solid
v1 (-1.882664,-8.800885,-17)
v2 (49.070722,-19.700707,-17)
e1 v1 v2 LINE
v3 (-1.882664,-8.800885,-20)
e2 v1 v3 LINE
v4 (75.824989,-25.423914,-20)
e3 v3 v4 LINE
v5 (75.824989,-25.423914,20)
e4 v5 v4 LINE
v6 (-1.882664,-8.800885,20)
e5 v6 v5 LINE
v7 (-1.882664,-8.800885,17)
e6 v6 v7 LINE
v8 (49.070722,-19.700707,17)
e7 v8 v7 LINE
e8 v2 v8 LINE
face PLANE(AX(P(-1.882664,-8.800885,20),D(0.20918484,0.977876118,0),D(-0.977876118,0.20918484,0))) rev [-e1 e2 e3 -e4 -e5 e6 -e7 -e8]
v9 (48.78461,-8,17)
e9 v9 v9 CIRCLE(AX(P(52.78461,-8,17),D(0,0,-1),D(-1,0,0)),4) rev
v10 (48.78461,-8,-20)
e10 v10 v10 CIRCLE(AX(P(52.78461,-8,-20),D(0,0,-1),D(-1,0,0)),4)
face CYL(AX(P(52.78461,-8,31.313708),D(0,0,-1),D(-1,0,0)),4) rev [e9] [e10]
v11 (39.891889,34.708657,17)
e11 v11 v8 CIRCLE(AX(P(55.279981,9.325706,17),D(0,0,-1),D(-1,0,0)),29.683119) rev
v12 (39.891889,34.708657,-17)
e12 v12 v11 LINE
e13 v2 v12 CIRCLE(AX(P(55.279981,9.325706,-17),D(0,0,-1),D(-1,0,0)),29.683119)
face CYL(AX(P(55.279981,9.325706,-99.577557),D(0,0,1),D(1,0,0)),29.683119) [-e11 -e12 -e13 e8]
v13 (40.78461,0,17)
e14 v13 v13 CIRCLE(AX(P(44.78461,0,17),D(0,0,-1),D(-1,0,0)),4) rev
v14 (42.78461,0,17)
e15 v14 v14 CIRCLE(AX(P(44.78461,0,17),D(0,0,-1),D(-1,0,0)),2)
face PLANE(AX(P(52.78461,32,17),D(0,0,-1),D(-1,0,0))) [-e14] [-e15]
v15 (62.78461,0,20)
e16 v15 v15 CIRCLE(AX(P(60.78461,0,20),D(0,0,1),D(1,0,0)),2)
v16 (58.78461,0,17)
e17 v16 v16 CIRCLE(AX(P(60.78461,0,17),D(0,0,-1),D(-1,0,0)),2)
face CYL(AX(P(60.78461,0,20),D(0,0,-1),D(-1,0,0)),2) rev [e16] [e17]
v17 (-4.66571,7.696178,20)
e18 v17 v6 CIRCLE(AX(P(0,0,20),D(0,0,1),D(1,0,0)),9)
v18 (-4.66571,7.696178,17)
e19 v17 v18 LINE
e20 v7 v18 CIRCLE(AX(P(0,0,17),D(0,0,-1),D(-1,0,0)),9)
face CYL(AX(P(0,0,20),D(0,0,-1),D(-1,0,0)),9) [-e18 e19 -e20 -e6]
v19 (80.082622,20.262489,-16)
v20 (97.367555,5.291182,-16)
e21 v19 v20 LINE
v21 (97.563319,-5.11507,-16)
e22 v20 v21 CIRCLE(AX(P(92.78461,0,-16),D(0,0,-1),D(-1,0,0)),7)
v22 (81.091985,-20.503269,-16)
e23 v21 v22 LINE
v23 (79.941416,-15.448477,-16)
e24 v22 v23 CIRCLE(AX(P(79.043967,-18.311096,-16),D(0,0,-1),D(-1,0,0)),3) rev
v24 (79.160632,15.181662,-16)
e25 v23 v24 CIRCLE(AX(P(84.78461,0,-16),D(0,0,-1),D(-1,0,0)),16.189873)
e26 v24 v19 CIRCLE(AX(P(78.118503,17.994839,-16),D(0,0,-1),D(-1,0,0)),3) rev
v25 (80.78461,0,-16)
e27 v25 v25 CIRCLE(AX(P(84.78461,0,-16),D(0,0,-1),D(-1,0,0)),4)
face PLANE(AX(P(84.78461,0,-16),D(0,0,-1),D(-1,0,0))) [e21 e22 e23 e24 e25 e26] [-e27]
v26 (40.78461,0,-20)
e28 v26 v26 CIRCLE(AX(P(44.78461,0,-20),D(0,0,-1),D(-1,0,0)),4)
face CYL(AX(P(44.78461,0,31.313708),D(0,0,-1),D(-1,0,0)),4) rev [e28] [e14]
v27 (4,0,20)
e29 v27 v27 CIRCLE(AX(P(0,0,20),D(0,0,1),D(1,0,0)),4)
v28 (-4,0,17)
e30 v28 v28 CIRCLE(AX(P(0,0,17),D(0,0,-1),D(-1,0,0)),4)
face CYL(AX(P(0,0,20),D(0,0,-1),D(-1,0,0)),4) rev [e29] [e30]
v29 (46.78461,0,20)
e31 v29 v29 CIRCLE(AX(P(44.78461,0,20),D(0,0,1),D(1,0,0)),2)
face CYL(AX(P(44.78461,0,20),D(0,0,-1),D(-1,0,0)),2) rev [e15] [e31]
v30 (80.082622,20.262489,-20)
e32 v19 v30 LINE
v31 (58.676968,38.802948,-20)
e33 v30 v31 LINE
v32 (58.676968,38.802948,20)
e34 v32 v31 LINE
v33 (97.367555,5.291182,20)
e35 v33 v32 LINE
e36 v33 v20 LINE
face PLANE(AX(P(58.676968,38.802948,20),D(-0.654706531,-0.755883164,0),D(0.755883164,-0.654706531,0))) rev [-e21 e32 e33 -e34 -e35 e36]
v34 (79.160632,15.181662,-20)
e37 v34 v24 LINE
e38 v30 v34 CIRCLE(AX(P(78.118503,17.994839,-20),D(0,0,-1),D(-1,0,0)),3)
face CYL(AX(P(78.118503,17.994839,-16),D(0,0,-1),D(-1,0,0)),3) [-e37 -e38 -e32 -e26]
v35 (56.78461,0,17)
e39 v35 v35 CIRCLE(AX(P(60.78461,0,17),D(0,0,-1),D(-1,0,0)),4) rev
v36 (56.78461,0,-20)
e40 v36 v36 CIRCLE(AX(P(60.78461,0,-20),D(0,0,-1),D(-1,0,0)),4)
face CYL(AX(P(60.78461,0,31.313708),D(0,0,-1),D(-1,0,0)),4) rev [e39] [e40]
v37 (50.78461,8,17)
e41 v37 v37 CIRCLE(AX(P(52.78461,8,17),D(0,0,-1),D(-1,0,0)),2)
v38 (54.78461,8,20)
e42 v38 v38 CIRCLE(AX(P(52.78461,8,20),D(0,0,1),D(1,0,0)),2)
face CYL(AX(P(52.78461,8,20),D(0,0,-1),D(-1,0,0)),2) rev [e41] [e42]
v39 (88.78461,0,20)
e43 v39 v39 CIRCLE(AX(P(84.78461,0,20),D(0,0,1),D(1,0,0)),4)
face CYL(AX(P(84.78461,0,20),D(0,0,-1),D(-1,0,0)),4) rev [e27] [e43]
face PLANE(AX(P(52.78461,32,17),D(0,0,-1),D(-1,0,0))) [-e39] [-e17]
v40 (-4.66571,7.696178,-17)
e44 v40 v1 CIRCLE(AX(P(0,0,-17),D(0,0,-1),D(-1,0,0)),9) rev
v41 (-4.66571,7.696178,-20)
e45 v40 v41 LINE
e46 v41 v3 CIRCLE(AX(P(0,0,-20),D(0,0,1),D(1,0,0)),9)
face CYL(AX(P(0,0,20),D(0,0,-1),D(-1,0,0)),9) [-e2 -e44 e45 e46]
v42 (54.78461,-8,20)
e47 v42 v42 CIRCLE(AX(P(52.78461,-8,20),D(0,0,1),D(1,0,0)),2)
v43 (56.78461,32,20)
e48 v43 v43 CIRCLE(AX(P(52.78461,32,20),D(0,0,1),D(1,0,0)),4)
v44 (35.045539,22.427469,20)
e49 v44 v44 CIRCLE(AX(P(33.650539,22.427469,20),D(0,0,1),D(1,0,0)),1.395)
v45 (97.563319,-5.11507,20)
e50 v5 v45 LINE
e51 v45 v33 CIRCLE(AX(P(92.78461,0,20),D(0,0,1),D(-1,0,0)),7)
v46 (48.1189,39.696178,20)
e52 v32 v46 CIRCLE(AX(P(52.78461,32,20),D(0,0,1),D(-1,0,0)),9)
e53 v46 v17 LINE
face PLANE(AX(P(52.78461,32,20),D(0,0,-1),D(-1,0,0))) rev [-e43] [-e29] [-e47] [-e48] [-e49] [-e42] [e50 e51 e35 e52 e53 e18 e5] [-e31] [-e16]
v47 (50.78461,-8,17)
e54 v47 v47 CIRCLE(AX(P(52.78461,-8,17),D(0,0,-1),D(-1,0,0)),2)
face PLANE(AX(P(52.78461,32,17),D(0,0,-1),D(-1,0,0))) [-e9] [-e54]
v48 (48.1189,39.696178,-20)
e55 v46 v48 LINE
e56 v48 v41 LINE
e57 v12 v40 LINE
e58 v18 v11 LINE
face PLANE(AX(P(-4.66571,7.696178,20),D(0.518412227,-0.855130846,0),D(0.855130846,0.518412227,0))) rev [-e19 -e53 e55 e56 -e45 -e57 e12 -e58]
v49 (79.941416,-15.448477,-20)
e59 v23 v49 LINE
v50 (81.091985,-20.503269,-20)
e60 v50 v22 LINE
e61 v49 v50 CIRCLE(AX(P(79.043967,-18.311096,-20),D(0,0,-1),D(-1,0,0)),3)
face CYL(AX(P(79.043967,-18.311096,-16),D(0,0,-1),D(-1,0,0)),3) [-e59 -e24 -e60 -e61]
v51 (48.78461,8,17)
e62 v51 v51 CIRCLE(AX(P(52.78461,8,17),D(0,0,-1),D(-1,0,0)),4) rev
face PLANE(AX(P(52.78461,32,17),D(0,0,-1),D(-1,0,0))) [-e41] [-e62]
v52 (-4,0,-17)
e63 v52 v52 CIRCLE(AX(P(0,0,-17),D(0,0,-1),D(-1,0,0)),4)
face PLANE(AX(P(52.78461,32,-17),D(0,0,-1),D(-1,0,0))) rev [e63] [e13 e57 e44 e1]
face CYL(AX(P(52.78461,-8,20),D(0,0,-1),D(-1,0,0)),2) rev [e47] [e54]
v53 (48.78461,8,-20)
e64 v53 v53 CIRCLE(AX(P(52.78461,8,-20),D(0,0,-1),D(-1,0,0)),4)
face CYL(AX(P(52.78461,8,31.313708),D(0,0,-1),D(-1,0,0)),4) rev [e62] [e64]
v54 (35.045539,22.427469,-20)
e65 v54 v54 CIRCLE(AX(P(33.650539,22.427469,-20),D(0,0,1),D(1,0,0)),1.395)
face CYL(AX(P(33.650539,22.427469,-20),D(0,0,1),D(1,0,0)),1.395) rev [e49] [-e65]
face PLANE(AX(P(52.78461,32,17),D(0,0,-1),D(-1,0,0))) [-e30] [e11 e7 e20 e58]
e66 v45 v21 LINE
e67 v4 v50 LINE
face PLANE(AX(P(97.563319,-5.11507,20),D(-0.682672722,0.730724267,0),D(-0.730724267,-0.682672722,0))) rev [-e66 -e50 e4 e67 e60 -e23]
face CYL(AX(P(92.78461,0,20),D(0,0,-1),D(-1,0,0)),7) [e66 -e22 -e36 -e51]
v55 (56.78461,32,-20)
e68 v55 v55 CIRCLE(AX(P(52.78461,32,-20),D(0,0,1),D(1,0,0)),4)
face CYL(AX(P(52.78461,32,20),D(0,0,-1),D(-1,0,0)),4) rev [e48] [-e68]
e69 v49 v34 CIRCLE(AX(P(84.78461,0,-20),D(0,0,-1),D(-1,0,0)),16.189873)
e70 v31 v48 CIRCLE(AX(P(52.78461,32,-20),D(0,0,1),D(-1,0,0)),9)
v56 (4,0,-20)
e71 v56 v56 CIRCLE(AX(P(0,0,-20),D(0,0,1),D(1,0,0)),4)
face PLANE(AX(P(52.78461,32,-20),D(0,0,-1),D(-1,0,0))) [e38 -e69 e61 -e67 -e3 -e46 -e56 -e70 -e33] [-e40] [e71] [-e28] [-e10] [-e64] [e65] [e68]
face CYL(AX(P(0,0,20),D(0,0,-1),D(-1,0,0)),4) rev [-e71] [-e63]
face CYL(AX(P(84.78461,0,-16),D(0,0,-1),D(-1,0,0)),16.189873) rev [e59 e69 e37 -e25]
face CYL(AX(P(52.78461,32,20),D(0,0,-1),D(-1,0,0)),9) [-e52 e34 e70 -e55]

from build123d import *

# Parameters (mm, degrees)
SKETCH1_R               = 4
SKETCH1_R_2             = 2
BOSS_EXTRUDE1_DEPTH     = 20
CUT_EXTRUDE1_DEPTH      = 17
CUT_EXTRUDE1_DEPTH_BACK = 17
SKETCH3_R               = 4
CUT_EXTRUDE2_DEPTH      = 37
SKETCH4_R               = 1.395
CUT_EXTRUDE3_DEPTH      = 41
CUT_EXTRUDE4_DEPTH      = 4
FILLET1_R               = 3


with BuildPart() as part:
    # Sketch1 → Boss-Extrude1 (new body, symmetric)
    with BuildSketch(Plane.XY):
        with BuildLine():
            Line((-4.665710042, 7.69617761), (48.118899649, 39.69617761))
            ThreePointArc((48.118899649, 39.69617761), (53.543313423, 40.967963461), (58.676968473, 38.802948477))
            Line((58.676968473, 38.802948477), (97.36755541, 5.291182149))
            ThreePointArc((97.36755541, 5.291182149), (99.783371388, 0.131661326), (97.563318746, -5.115069869))
            Line((97.563318746, -5.115069869), (75.824988549, -25.423913737))
            Line((75.824988549, -25.423913737), (-1.882663558, -8.800885065))
            ThreePointArc((-1.882663558, -8.800885065), (-8.874602438, -1.497141134), (-4.665710042, 7.69617761))
        make_face()
        Circle(SKETCH1_R, mode=Mode.SUBTRACT)
        with Locations((84.784609691, 0)):
            Circle(SKETCH1_R, mode=Mode.SUBTRACT)
        with Locations((60.784609691, 0)):
            Circle(SKETCH1_R_2, mode=Mode.SUBTRACT)
        with Locations((52.784609691, -8)):
            Circle(SKETCH1_R_2, mode=Mode.SUBTRACT)
        with Locations((44.784609691, 0)):
            Circle(SKETCH1_R_2, mode=Mode.SUBTRACT)
        with Locations((52.784609691, 8)):
            Circle(SKETCH1_R_2, mode=Mode.SUBTRACT)
        with Locations((52.784609691, 32)):
            Circle(SKETCH1_R, mode=Mode.SUBTRACT)
    extrude(amount=BOSS_EXTRUDE1_DEPTH, both=True)

    # Sketch2 → Cut-Extrude1 (cut, two sides)
    with BuildSketch(Plane.XY) as cut_extrude1_sk:
        with BuildLine():
            Line((-4.665710042, 7.69617761), (39.891888688, 34.708656583))
            ThreePointArc((39.891888688, 34.708656583), (26.010438267, 4.38794834), (49.070722017, -19.700707237))
            Line((49.070722017, -19.700707237), (-1.882663558, -8.800885065))
            ThreePointArc((-1.882663558, -8.800885065), (-8.874602438, -1.497141134), (-4.665710042, 7.69617761))
        make_face()
    extrude(amount=CUT_EXTRUDE1_DEPTH, mode=Mode.SUBTRACT)
    extrude(cut_extrude1_sk.sketch, amount=-CUT_EXTRUDE1_DEPTH_BACK, mode=Mode.SUBTRACT)

    # Sketch3 → Cut-Extrude2 (cut)
    with BuildSketch(Plane(origin=(0, 0, -20), x_dir=(-1, 0, 0), z_dir=(0, 0, -1))):
        with Locations((-52.784609691, 8)):
            Circle(SKETCH3_R)
        with Locations((-60.784609691, 0)):
            Circle(SKETCH3_R)
        with Locations((-52.784609691, -8)):
            Circle(SKETCH3_R)
        with Locations((-44.784609691, 0)):
            Circle(SKETCH3_R)
    extrude(amount=-CUT_EXTRUDE2_DEPTH, mode=Mode.SUBTRACT)

    # Sketch4 → Cut-Extrude3 (cut, through all)
    with BuildSketch(Plane.XY.offset(20)):
        with Locations((33.650538517, 22.427469232)):
            Circle(SKETCH4_R)
    extrude(amount=-CUT_EXTRUDE3_DEPTH, mode=Mode.SUBTRACT)

    # Sketch5 → Cut-Extrude4 (cut)
    with BuildSketch(Plane(origin=(0, 0, -20), x_dir=(-1, 0, 0), z_dir=(0, 0, -1))):
        with BuildLine():
            Line((-97.36755541, 5.291182149), (-84.784609691, 16.189872762))
            ThreePointArc((-84.784609691, 16.189872762), (-68.601779215, -0.477470257), (-85.739134824, -16.161709743))
            Line((-85.739134824, -16.161709743), (-97.563318746, -5.115069869))
            ThreePointArc((-97.563318746, -5.115069869), (-99.783371388, 0.131661326), (-97.36755541, 5.291182149))
        make_face()
    extrude(amount=-CUT_EXTRUDE4_DEPTH, mode=Mode.SUBTRACT)

    # Fillet1
    fillet1_edges = [part.edges().sort_by_distance(p)[0] for p in [
        (84.784609691, 16.189872762, -18),
        (85.739134824, -16.161709743, -18),
    ]]
    fillet(fillet1_edges, radius=FILLET1_R)


solid = part.part
